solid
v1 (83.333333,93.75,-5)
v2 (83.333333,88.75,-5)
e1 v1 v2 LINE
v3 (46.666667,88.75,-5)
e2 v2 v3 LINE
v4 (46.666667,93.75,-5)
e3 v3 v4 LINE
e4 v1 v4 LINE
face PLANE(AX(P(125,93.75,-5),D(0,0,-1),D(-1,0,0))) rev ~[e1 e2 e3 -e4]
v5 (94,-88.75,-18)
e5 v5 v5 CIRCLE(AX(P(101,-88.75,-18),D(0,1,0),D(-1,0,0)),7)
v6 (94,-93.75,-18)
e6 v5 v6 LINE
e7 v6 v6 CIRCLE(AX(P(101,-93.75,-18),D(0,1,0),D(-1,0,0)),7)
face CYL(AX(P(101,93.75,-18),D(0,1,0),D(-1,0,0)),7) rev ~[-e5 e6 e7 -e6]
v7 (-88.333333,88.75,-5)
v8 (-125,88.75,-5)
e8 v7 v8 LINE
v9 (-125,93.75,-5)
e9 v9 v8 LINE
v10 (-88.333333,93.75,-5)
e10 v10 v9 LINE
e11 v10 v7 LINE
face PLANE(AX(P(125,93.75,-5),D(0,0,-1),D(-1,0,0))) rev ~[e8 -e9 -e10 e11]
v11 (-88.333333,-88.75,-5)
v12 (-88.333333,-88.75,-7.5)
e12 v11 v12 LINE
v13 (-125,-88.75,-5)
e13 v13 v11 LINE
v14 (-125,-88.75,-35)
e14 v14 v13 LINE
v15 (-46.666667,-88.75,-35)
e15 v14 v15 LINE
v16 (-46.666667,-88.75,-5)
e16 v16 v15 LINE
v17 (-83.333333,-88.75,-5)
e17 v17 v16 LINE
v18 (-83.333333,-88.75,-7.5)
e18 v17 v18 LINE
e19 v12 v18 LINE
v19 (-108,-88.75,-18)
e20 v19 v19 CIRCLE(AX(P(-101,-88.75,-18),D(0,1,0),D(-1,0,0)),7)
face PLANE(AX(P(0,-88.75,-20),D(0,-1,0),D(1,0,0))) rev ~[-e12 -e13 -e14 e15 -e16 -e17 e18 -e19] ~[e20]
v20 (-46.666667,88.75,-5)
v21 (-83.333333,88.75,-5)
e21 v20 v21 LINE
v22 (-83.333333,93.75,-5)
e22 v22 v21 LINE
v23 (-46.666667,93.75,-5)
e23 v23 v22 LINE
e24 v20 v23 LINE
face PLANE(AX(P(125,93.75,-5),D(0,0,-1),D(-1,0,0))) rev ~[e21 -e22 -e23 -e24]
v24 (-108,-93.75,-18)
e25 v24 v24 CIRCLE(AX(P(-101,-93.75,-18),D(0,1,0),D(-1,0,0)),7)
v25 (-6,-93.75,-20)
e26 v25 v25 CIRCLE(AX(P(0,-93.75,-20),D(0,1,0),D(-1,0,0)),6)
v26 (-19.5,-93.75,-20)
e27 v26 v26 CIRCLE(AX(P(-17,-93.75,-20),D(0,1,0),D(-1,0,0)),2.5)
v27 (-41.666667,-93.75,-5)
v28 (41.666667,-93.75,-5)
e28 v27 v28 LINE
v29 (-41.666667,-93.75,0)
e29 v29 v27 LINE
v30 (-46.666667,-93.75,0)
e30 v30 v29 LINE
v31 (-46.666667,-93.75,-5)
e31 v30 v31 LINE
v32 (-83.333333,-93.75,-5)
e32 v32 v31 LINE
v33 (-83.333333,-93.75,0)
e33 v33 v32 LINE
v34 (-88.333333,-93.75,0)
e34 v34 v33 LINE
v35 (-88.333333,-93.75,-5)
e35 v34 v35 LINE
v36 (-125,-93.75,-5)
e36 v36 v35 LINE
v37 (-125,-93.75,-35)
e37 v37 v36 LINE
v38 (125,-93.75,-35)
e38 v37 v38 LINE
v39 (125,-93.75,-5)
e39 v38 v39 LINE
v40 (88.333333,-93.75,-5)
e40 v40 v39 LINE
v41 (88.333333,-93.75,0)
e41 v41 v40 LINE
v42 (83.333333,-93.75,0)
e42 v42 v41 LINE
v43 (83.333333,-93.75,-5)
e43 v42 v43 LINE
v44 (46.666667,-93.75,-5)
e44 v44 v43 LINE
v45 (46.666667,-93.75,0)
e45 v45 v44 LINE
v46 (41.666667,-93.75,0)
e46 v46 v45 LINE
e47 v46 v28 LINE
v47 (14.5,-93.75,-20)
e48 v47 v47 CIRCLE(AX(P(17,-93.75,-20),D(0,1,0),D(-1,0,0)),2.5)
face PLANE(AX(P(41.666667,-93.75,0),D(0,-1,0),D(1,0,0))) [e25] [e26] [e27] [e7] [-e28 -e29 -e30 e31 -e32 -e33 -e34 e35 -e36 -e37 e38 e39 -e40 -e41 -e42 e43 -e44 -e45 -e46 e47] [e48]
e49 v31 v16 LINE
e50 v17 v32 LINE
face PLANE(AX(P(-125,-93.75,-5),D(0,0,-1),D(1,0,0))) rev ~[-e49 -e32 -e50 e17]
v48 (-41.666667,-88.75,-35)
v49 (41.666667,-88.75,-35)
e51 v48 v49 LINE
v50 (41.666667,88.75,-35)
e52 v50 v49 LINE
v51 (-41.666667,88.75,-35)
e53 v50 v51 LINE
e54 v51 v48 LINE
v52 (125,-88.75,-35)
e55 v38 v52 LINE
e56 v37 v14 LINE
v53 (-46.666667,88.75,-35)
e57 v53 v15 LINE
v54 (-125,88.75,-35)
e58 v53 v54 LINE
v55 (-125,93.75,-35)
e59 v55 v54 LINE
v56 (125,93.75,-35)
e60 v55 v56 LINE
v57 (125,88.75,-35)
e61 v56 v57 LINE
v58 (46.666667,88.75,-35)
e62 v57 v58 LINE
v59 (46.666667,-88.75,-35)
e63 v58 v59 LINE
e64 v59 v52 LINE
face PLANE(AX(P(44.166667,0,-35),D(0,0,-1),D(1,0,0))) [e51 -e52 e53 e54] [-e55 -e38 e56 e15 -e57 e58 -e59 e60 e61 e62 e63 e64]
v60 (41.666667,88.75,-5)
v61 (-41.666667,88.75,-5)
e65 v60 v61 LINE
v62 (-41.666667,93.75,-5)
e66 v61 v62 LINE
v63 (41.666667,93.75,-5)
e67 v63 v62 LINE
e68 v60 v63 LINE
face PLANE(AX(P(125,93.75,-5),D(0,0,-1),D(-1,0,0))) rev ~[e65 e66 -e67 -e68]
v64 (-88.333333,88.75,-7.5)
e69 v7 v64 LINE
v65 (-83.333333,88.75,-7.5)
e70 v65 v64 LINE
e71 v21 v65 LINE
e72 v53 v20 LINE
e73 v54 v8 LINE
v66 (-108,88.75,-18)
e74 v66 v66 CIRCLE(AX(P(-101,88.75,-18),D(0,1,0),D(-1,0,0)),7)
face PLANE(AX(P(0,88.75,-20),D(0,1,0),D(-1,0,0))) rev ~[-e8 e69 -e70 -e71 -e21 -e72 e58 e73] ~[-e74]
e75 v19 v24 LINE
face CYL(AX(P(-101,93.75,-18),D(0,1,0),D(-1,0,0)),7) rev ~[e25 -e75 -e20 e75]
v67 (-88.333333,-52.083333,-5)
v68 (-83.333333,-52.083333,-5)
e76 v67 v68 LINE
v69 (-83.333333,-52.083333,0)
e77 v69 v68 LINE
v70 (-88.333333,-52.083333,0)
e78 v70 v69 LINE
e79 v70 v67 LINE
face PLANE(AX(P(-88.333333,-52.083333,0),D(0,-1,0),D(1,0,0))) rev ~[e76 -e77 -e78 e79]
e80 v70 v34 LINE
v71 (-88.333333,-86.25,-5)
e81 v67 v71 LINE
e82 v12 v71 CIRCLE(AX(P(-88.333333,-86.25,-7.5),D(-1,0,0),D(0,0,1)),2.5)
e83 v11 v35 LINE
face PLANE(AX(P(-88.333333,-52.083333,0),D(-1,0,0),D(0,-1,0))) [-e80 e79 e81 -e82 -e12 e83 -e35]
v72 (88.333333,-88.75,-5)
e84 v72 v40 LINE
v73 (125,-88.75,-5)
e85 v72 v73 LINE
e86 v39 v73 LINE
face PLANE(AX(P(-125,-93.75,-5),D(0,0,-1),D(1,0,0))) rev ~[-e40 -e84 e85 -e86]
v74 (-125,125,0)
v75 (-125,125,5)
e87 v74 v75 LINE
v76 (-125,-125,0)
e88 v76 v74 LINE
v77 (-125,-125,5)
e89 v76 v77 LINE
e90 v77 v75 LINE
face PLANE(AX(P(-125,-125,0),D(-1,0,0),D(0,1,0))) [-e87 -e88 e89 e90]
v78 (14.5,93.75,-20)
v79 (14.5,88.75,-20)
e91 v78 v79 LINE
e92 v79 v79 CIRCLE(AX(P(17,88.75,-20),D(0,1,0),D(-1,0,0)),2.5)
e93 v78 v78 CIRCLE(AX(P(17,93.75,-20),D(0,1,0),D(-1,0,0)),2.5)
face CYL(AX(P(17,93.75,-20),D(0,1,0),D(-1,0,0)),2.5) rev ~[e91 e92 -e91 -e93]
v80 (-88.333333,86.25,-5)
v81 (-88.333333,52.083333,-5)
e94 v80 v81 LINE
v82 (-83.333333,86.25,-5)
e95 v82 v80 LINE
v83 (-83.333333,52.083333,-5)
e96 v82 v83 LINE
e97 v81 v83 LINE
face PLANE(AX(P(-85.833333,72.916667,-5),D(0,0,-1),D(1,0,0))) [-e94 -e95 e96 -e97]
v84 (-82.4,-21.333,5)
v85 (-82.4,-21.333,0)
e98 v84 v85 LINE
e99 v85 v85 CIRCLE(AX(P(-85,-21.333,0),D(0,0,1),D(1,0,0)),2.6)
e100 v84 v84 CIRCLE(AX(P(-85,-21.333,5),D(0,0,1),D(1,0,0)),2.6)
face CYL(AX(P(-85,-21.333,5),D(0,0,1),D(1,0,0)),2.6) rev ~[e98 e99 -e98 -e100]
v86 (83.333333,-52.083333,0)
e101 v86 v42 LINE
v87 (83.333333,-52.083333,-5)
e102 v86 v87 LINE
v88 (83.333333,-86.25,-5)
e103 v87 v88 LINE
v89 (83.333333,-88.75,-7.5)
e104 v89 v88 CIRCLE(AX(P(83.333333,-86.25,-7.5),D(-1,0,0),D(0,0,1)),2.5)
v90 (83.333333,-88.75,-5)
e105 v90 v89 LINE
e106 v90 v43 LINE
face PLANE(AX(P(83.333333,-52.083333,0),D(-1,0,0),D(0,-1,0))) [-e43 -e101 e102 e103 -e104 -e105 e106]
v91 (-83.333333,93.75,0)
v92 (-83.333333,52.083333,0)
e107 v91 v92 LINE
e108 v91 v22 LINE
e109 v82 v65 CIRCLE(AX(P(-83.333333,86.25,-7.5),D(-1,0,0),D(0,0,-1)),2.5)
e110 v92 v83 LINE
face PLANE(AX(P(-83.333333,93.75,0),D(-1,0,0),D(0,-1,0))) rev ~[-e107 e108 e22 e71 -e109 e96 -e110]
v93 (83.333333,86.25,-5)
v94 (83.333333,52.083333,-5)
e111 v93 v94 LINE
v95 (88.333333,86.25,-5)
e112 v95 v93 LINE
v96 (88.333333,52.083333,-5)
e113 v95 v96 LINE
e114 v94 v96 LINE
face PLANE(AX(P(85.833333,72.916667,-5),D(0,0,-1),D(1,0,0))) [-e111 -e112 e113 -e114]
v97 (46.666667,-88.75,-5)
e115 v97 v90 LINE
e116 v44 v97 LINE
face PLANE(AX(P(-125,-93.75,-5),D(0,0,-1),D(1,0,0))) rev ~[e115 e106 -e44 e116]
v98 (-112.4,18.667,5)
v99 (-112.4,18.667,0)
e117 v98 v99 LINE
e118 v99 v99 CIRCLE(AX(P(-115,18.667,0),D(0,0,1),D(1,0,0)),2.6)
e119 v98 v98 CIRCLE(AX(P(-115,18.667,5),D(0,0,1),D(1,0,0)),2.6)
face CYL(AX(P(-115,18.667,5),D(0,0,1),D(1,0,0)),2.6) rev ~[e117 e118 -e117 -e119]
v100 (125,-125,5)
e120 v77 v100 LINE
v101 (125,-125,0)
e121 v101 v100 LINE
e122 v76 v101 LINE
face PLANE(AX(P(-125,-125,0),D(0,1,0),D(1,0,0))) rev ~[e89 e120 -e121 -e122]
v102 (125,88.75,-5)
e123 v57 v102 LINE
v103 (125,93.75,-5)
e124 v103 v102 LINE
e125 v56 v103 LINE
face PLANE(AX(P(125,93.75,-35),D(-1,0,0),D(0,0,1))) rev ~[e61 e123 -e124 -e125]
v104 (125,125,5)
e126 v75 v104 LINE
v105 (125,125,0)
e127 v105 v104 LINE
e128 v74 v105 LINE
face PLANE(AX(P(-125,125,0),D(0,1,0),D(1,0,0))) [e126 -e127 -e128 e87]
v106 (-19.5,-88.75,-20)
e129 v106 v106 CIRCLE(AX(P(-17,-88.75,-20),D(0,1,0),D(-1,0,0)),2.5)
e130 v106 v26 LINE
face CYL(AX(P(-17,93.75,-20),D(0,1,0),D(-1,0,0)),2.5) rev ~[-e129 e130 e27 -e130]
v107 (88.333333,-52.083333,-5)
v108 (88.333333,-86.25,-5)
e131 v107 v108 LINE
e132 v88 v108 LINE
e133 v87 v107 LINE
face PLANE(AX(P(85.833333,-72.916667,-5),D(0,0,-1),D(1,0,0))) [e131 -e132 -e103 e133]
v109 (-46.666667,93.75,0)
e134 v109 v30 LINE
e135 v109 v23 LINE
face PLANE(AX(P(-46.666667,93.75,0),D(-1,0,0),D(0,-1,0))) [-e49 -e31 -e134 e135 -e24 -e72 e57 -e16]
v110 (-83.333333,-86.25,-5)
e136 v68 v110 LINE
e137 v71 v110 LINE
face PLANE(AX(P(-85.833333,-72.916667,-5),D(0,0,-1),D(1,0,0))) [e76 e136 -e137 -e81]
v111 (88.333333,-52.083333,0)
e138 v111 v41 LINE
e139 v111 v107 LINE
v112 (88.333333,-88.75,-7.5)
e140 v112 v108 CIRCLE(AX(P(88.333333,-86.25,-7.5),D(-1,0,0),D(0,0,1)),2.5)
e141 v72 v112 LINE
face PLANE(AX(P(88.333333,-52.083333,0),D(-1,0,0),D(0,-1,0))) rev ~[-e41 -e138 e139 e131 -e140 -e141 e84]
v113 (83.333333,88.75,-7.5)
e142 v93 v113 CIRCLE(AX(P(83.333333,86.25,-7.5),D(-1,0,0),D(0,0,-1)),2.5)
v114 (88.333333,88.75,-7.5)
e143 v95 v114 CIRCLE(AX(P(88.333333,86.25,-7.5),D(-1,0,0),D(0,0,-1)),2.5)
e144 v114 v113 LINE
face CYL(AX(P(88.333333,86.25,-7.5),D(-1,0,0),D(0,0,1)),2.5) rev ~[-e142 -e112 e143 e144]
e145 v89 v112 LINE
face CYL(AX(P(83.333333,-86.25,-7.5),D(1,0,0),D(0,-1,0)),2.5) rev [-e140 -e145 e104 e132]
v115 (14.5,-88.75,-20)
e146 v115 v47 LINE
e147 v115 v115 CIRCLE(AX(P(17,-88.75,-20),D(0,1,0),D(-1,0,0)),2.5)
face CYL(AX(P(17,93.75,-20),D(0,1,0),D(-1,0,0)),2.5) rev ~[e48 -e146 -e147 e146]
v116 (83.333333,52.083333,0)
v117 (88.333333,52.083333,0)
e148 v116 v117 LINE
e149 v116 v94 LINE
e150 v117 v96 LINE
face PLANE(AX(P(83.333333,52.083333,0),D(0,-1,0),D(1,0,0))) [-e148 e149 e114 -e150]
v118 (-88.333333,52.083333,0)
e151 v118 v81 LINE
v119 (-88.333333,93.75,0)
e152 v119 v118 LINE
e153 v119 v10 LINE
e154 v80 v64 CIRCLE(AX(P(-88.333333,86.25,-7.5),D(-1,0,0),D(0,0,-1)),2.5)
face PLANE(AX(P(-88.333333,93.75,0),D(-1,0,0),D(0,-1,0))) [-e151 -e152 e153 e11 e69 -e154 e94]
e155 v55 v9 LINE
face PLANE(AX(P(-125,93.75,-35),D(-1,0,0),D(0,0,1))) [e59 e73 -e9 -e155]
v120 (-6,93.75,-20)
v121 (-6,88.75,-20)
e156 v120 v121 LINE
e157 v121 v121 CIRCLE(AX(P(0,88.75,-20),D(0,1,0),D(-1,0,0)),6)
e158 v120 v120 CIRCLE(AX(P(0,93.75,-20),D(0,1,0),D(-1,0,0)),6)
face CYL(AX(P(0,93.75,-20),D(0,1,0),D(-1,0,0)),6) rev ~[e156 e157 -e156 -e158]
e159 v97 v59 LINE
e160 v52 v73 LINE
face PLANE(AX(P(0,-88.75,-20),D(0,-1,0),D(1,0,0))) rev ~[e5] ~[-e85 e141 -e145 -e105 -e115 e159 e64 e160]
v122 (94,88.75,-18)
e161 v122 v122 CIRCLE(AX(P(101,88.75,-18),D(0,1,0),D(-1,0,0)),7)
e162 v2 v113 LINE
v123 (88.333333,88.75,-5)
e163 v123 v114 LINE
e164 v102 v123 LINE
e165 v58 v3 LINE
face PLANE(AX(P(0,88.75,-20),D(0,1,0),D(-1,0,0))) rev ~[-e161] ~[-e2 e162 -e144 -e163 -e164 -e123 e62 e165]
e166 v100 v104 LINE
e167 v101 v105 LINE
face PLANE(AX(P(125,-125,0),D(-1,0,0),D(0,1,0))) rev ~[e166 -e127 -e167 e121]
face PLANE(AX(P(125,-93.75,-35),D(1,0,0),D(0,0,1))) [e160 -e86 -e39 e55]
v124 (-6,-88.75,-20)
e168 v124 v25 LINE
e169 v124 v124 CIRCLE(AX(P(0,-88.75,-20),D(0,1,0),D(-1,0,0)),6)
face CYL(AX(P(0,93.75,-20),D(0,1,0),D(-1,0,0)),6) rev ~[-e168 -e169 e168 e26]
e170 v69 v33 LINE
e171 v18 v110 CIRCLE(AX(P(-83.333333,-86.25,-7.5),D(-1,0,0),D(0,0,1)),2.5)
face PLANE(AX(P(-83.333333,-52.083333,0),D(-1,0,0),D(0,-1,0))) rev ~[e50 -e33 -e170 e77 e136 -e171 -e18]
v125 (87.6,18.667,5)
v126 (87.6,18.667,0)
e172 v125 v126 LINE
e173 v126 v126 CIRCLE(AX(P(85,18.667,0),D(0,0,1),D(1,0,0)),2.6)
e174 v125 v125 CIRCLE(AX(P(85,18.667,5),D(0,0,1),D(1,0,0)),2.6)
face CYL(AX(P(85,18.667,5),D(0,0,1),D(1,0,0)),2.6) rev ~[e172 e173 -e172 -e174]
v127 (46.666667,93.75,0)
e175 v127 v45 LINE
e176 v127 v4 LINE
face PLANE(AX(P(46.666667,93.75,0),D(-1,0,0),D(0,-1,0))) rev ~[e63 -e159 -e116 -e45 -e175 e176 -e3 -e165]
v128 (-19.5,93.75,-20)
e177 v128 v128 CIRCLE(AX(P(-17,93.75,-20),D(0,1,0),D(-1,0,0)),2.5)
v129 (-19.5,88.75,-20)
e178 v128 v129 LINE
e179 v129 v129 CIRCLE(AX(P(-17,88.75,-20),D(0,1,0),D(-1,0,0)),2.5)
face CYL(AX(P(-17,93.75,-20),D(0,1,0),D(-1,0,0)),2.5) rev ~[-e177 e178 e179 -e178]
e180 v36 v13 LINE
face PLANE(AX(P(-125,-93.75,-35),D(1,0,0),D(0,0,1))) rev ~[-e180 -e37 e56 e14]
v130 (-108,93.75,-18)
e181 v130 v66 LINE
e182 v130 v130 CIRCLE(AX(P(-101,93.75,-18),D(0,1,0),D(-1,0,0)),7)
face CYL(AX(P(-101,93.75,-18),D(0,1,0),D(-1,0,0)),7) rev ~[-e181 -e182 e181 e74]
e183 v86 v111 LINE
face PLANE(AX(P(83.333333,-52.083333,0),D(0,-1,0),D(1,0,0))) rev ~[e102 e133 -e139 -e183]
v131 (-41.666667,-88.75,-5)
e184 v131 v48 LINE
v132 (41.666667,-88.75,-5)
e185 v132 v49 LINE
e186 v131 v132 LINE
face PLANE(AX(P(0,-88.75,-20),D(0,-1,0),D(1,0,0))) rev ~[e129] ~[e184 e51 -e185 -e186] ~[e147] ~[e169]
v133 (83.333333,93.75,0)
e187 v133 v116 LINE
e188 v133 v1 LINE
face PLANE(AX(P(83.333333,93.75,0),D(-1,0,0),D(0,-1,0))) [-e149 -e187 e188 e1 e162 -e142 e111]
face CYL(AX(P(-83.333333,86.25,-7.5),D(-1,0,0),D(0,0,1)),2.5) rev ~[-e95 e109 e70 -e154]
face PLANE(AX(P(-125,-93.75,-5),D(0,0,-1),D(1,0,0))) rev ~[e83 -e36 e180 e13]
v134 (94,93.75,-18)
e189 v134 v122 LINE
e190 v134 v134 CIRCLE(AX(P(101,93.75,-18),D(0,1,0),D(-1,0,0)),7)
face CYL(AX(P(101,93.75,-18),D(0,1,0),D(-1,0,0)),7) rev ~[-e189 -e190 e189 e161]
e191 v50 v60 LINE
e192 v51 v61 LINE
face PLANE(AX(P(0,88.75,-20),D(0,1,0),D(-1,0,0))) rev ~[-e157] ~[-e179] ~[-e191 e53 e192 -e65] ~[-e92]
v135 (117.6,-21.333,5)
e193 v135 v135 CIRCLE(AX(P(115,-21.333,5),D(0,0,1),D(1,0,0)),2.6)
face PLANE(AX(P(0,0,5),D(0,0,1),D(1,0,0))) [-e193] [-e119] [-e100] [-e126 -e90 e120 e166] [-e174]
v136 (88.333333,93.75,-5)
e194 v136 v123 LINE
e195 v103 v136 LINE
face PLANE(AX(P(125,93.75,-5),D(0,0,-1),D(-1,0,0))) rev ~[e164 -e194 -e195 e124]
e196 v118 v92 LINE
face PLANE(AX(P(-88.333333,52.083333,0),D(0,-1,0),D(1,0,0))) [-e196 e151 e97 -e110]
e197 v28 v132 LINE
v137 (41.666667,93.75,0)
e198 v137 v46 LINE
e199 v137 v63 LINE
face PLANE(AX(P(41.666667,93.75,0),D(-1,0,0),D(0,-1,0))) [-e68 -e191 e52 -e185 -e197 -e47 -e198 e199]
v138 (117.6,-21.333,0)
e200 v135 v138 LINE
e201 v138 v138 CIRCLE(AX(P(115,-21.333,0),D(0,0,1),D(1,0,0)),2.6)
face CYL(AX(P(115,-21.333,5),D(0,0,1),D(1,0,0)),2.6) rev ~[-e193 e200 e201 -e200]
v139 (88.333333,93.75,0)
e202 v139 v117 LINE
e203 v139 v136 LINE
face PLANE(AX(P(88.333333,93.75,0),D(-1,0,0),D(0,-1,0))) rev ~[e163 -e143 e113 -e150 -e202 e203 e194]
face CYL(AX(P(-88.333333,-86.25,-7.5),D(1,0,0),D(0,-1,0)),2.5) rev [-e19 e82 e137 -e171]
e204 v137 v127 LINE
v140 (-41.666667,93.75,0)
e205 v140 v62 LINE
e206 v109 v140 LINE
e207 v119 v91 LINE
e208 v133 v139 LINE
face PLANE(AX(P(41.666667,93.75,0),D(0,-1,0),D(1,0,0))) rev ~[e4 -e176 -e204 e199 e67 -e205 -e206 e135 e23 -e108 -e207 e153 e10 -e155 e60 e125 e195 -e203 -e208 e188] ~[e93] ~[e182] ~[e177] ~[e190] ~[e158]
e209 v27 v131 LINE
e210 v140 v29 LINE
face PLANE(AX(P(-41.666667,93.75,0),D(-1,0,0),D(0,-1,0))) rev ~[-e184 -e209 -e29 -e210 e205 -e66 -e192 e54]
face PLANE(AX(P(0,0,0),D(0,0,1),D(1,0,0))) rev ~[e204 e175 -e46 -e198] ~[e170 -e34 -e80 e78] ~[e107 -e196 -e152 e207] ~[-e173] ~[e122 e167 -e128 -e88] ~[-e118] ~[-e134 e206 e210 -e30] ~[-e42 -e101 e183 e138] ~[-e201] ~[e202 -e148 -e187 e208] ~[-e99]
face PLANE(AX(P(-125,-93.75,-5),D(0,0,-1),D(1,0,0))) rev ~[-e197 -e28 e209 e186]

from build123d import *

# Parameters (mm, degrees)
F2_W      = 250
F2_H      = 250
F3_DEPTH  = 5
F4_W      = 5
F4_H      = 41.6666666667
F5_DEPTH  = 5
F6_W      = 250
F6_H      = 30
F7_DEPTH  = 5
F8_W      = 250
F8_H      = 30
F9_DEPTH  = 5
F11_R     = 2.5
F10_W     = 5
F10_H     = 187.5
F12_DEPTH = 35
F13_R     = 6
F13_R_2   = 7
F13_R_3   = 2.5
F14_DEPTH = 218.751
F15_R     = 2.6
F16_DEPTH = 40.001


with BuildPart() as f3:
    # F2 (on Top) → F3 (new body)
    with BuildSketch(Plane.XY):
        Rectangle(F2_W, F2_H)
    extrude(amount=F3_DEPTH)

    # F4 (on face) → F5 (join)
    with BuildSketch(Plane(origin=(0, 0, 0), x_dir=(1, 0, 0), z_dir=(0, 0, -1))):
        with Locations((-85.8333333333, 72.9166666667)):
            Rectangle(F4_W, F4_H)
        with Locations((85.8333333333, 72.9166666667)):
            Rectangle(F4_W, F4_H)
        with Locations((-85.8333333333, -72.9166666667)):
            Rectangle(F4_W, F4_H)
        with Locations((85.8333333333, -72.9166666667)):
            Rectangle(F4_W, F4_H)
    extrude(amount=F5_DEPTH)

    # F6 (on face) → F7 (join)
    with BuildSketch(Plane(origin=(0, 93.75, 0), x_dir=(-1, 0, 0), z_dir=(0, 1, 0))):
        with Locations((0, -20)):
            Rectangle(F6_W, F6_H)
    extrude(amount=-F7_DEPTH)

    # F8 (on face) → F9 (join)
    with BuildSketch(Plane.XZ.offset(93.75)):
        with Locations((0, -20)):
            Rectangle(F8_W, F8_H)
    extrude(amount=-F9_DEPTH)

    # F11
    f11_edges = [f3.edges().sort_by_distance(p)[0] for p in [
        (85.833333, -88.75, -5),
        (-85.833333, -88.75, -5),
        (85.833333, 88.75, -5),
        (-85.833333, 88.75, -5),
    ]]
    fillet(f11_edges, radius=F11_R)

    # F10 (on face) → F12 (join, through all)
    with BuildSketch(Plane(origin=(0, 0, 0), x_dir=(1, 0, 0), z_dir=(0, 0, -1))):
        with Locations((44.1666666667, 0)):
            Rectangle(F10_W, F10_H)
        with Locations((-44.1666666667, 0)):
            Rectangle(F10_W, F10_H)
    extrude(amount=F12_DEPTH)

    # F13 (on face) → F14 (cut, through all)
    with BuildSketch(Plane(origin=(0, 93.75, 0), x_dir=(-1, 0, 0), z_dir=(0, 1, 0))):
        with Locations((0, -20)):
            Circle(F13_R)
        with Locations((-101, -18)):
            Circle(F13_R_2)
        with Locations((101, -18)):
            Circle(F13_R_2)
        with Locations((17, -20)):
            Circle(F13_R_3)
        with Locations((-17, -20)):
            Circle(F13_R_3)
    extrude(amount=-F14_DEPTH, mode=Mode.SUBTRACT)

    # F15 (on face) → F16 (cut, through all)
    with BuildSketch(Plane.XY.offset(5)):
        with Locations((-85, -21.333)):
            Circle(F15_R)
        with Locations((-115, 18.667)):
            Circle(F15_R)
        with Locations((115, -21.333)):
            Circle(F15_R)
        with Locations((85, 18.667)):
            Circle(F15_R)
    extrude(amount=-F16_DEPTH, mode=Mode.SUBTRACT)


solid = f3.part
